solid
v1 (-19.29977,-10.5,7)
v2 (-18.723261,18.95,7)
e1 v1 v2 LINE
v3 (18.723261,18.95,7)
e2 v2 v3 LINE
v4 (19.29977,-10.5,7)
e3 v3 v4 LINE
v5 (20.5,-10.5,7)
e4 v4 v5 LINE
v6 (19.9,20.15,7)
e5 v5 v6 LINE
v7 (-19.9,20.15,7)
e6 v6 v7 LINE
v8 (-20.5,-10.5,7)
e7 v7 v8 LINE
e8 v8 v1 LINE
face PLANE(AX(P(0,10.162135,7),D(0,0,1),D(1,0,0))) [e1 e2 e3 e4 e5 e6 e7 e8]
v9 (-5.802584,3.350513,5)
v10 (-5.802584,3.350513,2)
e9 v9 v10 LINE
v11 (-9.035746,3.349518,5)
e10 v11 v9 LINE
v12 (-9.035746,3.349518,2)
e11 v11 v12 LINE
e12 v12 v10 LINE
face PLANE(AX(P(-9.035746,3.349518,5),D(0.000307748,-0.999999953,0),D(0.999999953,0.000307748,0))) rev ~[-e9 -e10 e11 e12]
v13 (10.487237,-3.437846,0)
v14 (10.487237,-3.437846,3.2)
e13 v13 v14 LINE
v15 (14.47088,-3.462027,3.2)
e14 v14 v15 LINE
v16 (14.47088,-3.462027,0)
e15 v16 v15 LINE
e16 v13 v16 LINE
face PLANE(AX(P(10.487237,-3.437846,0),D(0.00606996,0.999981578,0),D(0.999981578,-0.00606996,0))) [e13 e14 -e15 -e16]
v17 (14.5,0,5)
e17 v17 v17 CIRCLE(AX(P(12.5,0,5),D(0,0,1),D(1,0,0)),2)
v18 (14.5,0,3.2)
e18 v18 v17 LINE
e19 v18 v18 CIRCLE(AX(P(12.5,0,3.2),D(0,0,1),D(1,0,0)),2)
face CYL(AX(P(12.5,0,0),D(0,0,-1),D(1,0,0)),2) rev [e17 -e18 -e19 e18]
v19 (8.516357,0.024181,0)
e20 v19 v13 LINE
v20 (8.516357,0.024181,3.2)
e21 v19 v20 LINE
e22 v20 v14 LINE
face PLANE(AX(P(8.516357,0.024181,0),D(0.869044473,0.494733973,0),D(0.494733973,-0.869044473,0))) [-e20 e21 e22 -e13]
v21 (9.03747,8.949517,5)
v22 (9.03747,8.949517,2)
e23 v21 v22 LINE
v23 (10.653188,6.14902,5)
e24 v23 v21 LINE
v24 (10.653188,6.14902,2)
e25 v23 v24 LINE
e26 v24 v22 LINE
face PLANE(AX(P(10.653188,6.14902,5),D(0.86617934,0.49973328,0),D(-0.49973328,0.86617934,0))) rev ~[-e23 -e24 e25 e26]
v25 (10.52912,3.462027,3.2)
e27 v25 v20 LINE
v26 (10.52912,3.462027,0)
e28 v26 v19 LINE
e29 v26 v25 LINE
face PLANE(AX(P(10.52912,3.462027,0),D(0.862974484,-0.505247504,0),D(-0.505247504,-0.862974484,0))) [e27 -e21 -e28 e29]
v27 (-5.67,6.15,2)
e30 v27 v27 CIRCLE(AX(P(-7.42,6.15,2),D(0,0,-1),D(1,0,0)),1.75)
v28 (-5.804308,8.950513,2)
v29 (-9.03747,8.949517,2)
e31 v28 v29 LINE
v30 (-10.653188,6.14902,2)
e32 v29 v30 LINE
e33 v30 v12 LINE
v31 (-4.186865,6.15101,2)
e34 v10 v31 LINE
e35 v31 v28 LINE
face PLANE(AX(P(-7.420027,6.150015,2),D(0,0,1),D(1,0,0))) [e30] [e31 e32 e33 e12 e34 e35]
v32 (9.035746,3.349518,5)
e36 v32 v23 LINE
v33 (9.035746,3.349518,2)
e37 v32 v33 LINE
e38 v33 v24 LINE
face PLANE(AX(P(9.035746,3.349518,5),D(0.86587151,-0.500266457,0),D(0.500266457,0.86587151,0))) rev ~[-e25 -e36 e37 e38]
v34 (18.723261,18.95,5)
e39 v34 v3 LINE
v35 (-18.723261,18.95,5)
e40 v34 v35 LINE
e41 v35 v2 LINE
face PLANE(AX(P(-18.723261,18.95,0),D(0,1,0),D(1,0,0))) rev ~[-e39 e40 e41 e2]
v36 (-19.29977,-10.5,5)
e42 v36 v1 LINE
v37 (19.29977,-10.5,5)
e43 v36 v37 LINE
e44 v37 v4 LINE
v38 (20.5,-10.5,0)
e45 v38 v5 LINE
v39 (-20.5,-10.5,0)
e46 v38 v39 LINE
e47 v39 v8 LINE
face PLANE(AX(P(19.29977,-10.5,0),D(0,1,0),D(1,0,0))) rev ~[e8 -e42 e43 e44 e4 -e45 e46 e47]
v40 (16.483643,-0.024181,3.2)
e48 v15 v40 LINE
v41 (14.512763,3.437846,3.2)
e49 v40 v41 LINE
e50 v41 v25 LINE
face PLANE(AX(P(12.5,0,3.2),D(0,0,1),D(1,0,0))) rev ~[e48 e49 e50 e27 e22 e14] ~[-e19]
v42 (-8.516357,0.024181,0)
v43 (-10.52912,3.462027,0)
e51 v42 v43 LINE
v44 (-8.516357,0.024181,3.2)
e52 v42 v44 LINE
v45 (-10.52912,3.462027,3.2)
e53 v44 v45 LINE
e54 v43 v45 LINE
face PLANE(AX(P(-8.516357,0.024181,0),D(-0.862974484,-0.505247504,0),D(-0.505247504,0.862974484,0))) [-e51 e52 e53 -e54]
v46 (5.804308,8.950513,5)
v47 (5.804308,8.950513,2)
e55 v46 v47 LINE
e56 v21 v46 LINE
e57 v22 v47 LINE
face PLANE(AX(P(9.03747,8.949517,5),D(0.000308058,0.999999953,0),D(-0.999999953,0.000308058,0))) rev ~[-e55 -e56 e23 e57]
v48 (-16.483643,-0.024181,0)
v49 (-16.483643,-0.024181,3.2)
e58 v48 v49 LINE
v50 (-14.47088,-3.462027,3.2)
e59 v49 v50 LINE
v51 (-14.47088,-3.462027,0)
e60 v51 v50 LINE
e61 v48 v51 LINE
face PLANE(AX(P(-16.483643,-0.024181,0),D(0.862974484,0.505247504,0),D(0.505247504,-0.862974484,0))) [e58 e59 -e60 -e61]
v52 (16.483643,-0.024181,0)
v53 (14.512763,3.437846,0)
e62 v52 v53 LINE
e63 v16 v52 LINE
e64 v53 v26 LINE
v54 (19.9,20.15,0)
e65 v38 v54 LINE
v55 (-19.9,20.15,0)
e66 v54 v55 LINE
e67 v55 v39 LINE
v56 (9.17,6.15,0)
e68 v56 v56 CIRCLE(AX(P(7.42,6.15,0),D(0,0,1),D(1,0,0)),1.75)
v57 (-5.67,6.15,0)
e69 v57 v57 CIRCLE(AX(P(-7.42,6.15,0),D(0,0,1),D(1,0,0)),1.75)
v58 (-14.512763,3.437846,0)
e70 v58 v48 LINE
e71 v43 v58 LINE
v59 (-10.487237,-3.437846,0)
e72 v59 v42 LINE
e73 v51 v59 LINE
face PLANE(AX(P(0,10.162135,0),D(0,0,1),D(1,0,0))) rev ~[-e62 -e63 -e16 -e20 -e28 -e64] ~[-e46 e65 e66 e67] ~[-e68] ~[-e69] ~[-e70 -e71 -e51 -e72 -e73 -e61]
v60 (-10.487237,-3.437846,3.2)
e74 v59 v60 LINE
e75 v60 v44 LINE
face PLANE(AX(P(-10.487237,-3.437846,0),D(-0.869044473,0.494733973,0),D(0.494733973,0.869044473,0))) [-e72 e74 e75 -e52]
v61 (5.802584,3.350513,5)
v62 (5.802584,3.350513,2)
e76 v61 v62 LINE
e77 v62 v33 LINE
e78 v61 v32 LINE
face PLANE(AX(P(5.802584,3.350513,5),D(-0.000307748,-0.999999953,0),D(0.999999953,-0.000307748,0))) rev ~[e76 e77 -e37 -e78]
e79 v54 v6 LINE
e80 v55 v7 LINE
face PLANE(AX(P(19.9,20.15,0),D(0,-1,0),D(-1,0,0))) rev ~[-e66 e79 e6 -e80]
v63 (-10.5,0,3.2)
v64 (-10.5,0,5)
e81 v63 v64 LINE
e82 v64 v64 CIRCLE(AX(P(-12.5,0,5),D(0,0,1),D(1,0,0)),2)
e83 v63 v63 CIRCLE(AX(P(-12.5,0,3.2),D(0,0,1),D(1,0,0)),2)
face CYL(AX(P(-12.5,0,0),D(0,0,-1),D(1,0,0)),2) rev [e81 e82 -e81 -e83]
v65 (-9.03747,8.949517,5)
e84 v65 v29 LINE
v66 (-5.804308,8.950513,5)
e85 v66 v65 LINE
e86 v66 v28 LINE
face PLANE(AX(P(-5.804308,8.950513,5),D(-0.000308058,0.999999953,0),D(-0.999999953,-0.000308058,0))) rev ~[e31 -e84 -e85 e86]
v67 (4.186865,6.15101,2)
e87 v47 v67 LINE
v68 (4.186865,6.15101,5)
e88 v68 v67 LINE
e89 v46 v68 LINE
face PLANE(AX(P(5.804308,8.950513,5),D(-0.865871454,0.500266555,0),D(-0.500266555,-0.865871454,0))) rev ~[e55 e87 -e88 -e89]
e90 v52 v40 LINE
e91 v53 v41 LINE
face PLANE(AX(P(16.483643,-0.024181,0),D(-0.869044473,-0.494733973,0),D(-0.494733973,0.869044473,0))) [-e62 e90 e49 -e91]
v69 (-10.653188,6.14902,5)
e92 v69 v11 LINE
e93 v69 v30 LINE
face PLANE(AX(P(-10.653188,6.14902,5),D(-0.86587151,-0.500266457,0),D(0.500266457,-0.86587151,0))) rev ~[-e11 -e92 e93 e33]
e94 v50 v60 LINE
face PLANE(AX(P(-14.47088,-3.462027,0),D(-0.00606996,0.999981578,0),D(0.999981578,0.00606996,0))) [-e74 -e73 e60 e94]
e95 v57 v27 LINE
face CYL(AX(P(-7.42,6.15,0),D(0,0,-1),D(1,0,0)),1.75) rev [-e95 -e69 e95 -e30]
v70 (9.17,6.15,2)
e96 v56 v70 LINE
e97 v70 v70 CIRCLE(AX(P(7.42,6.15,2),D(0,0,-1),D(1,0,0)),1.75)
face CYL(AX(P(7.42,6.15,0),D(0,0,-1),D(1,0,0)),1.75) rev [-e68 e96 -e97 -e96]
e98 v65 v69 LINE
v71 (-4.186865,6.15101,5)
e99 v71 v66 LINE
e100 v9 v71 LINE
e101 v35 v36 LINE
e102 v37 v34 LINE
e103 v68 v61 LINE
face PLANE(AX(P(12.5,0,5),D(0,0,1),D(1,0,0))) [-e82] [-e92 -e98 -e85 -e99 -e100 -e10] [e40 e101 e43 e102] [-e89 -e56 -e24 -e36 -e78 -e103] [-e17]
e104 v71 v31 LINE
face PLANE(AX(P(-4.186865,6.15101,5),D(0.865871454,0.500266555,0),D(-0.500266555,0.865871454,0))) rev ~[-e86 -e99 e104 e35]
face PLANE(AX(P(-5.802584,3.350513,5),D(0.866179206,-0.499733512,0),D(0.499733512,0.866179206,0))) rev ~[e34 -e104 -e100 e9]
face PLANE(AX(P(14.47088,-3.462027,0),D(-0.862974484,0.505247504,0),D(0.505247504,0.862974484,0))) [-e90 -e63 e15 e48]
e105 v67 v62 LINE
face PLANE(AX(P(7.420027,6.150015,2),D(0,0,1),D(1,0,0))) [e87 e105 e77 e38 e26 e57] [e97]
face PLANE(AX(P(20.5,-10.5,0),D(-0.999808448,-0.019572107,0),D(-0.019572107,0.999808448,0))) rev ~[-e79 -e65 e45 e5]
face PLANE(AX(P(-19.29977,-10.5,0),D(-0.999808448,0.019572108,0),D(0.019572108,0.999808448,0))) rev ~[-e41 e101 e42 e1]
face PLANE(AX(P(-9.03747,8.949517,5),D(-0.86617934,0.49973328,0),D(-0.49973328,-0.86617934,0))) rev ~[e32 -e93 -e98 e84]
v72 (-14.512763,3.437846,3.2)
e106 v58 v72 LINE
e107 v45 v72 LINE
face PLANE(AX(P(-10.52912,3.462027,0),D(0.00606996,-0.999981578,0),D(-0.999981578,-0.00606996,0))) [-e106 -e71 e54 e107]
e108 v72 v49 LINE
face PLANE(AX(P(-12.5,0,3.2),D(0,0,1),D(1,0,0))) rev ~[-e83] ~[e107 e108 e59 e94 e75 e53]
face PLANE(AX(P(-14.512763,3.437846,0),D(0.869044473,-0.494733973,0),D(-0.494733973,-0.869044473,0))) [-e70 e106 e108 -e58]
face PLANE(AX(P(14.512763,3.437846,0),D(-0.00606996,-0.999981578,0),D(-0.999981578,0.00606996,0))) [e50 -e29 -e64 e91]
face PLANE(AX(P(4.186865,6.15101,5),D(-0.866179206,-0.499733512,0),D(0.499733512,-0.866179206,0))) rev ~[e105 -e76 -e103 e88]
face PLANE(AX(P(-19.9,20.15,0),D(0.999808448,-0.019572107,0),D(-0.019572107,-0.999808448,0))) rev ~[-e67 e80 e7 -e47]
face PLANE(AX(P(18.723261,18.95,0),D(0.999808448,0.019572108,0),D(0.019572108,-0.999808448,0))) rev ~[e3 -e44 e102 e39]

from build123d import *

# Parameters (mm, degrees)
F0_R     = 2
F0_R_2   = 1.75
F1_DEPTH = 5
F2_DEPTH = 7
F3_DEPTH = 3.2
F5_DEPTH = 3


with BuildPart() as f1:
    # F0 (on Top) → F1 (new body)
    with BuildSketch(Plane.XY):
        Polygon((0, -10.5), (19.29977, -10.5), (18.723261, 18.95), (0, 18.95), (-18.723261, 18.95), (-19.29977, -10.5), align=None)
        Polygon((-14.47088, -3.462027), (-16.483643, -0.024181), (-14.512763, 3.437846), (-10.52912, 3.462027), (-8.516357, 0.024181), (-10.487237, -3.437846), align=None, mode=Mode.SUBTRACT)
        Polygon((14.512763, 3.437846), (16.483643, -0.024181), (14.47088, -3.462027), (10.487237, -3.437846), (8.516357, 0.024181), (10.52912, 3.462027), align=None, mode=Mode.SUBTRACT)
        with Locations((-7.42, 6.15)):
            Circle(F0_R_2, mode=Mode.SUBTRACT)
        with Locations((7.42, 6.15)):
            Circle(F0_R_2, mode=Mode.SUBTRACT)
        Polygon((-14.512763, 3.437846), (-16.483643, -0.024181), (-14.47088, -3.462027), (-10.487237, -3.437846), (-8.516357, 0.024181), (-10.52912, 3.462027), align=None)
        with Locations((-12.5, 0)):
            Circle(F0_R, mode=Mode.SUBTRACT)
        Polygon((14.47088, -3.462027), (16.483643, -0.024181), (14.512763, 3.437846), (10.52912, 3.462027), (8.516357, 0.024181), (10.487237, -3.437846), align=None)
        with Locations((12.5, 0)):
            Circle(F0_R, mode=Mode.SUBTRACT)
    extrude(amount=F1_DEPTH)

    # F0 (on Top) → F2 (join)
    with BuildSketch(Plane.XY):
        Polygon((19.9, 20.15), (0, 20.15), (-19.9, 20.15), (-20.5, -10.5), (-19.29977, -10.5), (-18.723261, 18.95), (0, 18.95), (18.723261, 18.95), (19.29977, -10.5), (20.5, -10.5), align=None)
    extrude(amount=F2_DEPTH)

    # F0 (on Top) → F3 (cut)
    with BuildSketch(Plane.XY):
        Polygon((14.47088, -3.462027), (16.483643, -0.024181), (14.512763, 3.437846), (10.52912, 3.462027), (8.516357, 0.024181), (10.487237, -3.437846), align=None)
        with Locations((12.5, 0)):
            Circle(F0_R, mode=Mode.SUBTRACT)
        Polygon((-14.512763, 3.437846), (-16.483643, -0.024181), (-14.47088, -3.462027), (-10.487237, -3.437846), (-8.516357, 0.024181), (-10.52912, 3.462027), align=None)
        with Locations((-12.5, 0)):
            Circle(F0_R, mode=Mode.SUBTRACT)
    extrude(amount=F3_DEPTH, mode=Mode.SUBTRACT)

    # F4 (on face) → F5 (cut)
    with BuildSketch(Plane.XY.offset(5)):
        Polygon((10.653188, 6.14902), (9.03747, 8.949517), (5.804308, 8.950513), (4.186865, 6.15101), (5.802584, 3.350513), (9.035746, 3.349518), align=None)
        Polygon((-4.186865, 6.15101), (-5.804308, 8.950513), (-9.03747, 8.949517), (-10.653188, 6.14902), (-9.035746, 3.349518), (-5.802584, 3.350513), align=None)
    extrude(amount=-F5_DEPTH, mode=Mode.SUBTRACT)


solid = f1.part
